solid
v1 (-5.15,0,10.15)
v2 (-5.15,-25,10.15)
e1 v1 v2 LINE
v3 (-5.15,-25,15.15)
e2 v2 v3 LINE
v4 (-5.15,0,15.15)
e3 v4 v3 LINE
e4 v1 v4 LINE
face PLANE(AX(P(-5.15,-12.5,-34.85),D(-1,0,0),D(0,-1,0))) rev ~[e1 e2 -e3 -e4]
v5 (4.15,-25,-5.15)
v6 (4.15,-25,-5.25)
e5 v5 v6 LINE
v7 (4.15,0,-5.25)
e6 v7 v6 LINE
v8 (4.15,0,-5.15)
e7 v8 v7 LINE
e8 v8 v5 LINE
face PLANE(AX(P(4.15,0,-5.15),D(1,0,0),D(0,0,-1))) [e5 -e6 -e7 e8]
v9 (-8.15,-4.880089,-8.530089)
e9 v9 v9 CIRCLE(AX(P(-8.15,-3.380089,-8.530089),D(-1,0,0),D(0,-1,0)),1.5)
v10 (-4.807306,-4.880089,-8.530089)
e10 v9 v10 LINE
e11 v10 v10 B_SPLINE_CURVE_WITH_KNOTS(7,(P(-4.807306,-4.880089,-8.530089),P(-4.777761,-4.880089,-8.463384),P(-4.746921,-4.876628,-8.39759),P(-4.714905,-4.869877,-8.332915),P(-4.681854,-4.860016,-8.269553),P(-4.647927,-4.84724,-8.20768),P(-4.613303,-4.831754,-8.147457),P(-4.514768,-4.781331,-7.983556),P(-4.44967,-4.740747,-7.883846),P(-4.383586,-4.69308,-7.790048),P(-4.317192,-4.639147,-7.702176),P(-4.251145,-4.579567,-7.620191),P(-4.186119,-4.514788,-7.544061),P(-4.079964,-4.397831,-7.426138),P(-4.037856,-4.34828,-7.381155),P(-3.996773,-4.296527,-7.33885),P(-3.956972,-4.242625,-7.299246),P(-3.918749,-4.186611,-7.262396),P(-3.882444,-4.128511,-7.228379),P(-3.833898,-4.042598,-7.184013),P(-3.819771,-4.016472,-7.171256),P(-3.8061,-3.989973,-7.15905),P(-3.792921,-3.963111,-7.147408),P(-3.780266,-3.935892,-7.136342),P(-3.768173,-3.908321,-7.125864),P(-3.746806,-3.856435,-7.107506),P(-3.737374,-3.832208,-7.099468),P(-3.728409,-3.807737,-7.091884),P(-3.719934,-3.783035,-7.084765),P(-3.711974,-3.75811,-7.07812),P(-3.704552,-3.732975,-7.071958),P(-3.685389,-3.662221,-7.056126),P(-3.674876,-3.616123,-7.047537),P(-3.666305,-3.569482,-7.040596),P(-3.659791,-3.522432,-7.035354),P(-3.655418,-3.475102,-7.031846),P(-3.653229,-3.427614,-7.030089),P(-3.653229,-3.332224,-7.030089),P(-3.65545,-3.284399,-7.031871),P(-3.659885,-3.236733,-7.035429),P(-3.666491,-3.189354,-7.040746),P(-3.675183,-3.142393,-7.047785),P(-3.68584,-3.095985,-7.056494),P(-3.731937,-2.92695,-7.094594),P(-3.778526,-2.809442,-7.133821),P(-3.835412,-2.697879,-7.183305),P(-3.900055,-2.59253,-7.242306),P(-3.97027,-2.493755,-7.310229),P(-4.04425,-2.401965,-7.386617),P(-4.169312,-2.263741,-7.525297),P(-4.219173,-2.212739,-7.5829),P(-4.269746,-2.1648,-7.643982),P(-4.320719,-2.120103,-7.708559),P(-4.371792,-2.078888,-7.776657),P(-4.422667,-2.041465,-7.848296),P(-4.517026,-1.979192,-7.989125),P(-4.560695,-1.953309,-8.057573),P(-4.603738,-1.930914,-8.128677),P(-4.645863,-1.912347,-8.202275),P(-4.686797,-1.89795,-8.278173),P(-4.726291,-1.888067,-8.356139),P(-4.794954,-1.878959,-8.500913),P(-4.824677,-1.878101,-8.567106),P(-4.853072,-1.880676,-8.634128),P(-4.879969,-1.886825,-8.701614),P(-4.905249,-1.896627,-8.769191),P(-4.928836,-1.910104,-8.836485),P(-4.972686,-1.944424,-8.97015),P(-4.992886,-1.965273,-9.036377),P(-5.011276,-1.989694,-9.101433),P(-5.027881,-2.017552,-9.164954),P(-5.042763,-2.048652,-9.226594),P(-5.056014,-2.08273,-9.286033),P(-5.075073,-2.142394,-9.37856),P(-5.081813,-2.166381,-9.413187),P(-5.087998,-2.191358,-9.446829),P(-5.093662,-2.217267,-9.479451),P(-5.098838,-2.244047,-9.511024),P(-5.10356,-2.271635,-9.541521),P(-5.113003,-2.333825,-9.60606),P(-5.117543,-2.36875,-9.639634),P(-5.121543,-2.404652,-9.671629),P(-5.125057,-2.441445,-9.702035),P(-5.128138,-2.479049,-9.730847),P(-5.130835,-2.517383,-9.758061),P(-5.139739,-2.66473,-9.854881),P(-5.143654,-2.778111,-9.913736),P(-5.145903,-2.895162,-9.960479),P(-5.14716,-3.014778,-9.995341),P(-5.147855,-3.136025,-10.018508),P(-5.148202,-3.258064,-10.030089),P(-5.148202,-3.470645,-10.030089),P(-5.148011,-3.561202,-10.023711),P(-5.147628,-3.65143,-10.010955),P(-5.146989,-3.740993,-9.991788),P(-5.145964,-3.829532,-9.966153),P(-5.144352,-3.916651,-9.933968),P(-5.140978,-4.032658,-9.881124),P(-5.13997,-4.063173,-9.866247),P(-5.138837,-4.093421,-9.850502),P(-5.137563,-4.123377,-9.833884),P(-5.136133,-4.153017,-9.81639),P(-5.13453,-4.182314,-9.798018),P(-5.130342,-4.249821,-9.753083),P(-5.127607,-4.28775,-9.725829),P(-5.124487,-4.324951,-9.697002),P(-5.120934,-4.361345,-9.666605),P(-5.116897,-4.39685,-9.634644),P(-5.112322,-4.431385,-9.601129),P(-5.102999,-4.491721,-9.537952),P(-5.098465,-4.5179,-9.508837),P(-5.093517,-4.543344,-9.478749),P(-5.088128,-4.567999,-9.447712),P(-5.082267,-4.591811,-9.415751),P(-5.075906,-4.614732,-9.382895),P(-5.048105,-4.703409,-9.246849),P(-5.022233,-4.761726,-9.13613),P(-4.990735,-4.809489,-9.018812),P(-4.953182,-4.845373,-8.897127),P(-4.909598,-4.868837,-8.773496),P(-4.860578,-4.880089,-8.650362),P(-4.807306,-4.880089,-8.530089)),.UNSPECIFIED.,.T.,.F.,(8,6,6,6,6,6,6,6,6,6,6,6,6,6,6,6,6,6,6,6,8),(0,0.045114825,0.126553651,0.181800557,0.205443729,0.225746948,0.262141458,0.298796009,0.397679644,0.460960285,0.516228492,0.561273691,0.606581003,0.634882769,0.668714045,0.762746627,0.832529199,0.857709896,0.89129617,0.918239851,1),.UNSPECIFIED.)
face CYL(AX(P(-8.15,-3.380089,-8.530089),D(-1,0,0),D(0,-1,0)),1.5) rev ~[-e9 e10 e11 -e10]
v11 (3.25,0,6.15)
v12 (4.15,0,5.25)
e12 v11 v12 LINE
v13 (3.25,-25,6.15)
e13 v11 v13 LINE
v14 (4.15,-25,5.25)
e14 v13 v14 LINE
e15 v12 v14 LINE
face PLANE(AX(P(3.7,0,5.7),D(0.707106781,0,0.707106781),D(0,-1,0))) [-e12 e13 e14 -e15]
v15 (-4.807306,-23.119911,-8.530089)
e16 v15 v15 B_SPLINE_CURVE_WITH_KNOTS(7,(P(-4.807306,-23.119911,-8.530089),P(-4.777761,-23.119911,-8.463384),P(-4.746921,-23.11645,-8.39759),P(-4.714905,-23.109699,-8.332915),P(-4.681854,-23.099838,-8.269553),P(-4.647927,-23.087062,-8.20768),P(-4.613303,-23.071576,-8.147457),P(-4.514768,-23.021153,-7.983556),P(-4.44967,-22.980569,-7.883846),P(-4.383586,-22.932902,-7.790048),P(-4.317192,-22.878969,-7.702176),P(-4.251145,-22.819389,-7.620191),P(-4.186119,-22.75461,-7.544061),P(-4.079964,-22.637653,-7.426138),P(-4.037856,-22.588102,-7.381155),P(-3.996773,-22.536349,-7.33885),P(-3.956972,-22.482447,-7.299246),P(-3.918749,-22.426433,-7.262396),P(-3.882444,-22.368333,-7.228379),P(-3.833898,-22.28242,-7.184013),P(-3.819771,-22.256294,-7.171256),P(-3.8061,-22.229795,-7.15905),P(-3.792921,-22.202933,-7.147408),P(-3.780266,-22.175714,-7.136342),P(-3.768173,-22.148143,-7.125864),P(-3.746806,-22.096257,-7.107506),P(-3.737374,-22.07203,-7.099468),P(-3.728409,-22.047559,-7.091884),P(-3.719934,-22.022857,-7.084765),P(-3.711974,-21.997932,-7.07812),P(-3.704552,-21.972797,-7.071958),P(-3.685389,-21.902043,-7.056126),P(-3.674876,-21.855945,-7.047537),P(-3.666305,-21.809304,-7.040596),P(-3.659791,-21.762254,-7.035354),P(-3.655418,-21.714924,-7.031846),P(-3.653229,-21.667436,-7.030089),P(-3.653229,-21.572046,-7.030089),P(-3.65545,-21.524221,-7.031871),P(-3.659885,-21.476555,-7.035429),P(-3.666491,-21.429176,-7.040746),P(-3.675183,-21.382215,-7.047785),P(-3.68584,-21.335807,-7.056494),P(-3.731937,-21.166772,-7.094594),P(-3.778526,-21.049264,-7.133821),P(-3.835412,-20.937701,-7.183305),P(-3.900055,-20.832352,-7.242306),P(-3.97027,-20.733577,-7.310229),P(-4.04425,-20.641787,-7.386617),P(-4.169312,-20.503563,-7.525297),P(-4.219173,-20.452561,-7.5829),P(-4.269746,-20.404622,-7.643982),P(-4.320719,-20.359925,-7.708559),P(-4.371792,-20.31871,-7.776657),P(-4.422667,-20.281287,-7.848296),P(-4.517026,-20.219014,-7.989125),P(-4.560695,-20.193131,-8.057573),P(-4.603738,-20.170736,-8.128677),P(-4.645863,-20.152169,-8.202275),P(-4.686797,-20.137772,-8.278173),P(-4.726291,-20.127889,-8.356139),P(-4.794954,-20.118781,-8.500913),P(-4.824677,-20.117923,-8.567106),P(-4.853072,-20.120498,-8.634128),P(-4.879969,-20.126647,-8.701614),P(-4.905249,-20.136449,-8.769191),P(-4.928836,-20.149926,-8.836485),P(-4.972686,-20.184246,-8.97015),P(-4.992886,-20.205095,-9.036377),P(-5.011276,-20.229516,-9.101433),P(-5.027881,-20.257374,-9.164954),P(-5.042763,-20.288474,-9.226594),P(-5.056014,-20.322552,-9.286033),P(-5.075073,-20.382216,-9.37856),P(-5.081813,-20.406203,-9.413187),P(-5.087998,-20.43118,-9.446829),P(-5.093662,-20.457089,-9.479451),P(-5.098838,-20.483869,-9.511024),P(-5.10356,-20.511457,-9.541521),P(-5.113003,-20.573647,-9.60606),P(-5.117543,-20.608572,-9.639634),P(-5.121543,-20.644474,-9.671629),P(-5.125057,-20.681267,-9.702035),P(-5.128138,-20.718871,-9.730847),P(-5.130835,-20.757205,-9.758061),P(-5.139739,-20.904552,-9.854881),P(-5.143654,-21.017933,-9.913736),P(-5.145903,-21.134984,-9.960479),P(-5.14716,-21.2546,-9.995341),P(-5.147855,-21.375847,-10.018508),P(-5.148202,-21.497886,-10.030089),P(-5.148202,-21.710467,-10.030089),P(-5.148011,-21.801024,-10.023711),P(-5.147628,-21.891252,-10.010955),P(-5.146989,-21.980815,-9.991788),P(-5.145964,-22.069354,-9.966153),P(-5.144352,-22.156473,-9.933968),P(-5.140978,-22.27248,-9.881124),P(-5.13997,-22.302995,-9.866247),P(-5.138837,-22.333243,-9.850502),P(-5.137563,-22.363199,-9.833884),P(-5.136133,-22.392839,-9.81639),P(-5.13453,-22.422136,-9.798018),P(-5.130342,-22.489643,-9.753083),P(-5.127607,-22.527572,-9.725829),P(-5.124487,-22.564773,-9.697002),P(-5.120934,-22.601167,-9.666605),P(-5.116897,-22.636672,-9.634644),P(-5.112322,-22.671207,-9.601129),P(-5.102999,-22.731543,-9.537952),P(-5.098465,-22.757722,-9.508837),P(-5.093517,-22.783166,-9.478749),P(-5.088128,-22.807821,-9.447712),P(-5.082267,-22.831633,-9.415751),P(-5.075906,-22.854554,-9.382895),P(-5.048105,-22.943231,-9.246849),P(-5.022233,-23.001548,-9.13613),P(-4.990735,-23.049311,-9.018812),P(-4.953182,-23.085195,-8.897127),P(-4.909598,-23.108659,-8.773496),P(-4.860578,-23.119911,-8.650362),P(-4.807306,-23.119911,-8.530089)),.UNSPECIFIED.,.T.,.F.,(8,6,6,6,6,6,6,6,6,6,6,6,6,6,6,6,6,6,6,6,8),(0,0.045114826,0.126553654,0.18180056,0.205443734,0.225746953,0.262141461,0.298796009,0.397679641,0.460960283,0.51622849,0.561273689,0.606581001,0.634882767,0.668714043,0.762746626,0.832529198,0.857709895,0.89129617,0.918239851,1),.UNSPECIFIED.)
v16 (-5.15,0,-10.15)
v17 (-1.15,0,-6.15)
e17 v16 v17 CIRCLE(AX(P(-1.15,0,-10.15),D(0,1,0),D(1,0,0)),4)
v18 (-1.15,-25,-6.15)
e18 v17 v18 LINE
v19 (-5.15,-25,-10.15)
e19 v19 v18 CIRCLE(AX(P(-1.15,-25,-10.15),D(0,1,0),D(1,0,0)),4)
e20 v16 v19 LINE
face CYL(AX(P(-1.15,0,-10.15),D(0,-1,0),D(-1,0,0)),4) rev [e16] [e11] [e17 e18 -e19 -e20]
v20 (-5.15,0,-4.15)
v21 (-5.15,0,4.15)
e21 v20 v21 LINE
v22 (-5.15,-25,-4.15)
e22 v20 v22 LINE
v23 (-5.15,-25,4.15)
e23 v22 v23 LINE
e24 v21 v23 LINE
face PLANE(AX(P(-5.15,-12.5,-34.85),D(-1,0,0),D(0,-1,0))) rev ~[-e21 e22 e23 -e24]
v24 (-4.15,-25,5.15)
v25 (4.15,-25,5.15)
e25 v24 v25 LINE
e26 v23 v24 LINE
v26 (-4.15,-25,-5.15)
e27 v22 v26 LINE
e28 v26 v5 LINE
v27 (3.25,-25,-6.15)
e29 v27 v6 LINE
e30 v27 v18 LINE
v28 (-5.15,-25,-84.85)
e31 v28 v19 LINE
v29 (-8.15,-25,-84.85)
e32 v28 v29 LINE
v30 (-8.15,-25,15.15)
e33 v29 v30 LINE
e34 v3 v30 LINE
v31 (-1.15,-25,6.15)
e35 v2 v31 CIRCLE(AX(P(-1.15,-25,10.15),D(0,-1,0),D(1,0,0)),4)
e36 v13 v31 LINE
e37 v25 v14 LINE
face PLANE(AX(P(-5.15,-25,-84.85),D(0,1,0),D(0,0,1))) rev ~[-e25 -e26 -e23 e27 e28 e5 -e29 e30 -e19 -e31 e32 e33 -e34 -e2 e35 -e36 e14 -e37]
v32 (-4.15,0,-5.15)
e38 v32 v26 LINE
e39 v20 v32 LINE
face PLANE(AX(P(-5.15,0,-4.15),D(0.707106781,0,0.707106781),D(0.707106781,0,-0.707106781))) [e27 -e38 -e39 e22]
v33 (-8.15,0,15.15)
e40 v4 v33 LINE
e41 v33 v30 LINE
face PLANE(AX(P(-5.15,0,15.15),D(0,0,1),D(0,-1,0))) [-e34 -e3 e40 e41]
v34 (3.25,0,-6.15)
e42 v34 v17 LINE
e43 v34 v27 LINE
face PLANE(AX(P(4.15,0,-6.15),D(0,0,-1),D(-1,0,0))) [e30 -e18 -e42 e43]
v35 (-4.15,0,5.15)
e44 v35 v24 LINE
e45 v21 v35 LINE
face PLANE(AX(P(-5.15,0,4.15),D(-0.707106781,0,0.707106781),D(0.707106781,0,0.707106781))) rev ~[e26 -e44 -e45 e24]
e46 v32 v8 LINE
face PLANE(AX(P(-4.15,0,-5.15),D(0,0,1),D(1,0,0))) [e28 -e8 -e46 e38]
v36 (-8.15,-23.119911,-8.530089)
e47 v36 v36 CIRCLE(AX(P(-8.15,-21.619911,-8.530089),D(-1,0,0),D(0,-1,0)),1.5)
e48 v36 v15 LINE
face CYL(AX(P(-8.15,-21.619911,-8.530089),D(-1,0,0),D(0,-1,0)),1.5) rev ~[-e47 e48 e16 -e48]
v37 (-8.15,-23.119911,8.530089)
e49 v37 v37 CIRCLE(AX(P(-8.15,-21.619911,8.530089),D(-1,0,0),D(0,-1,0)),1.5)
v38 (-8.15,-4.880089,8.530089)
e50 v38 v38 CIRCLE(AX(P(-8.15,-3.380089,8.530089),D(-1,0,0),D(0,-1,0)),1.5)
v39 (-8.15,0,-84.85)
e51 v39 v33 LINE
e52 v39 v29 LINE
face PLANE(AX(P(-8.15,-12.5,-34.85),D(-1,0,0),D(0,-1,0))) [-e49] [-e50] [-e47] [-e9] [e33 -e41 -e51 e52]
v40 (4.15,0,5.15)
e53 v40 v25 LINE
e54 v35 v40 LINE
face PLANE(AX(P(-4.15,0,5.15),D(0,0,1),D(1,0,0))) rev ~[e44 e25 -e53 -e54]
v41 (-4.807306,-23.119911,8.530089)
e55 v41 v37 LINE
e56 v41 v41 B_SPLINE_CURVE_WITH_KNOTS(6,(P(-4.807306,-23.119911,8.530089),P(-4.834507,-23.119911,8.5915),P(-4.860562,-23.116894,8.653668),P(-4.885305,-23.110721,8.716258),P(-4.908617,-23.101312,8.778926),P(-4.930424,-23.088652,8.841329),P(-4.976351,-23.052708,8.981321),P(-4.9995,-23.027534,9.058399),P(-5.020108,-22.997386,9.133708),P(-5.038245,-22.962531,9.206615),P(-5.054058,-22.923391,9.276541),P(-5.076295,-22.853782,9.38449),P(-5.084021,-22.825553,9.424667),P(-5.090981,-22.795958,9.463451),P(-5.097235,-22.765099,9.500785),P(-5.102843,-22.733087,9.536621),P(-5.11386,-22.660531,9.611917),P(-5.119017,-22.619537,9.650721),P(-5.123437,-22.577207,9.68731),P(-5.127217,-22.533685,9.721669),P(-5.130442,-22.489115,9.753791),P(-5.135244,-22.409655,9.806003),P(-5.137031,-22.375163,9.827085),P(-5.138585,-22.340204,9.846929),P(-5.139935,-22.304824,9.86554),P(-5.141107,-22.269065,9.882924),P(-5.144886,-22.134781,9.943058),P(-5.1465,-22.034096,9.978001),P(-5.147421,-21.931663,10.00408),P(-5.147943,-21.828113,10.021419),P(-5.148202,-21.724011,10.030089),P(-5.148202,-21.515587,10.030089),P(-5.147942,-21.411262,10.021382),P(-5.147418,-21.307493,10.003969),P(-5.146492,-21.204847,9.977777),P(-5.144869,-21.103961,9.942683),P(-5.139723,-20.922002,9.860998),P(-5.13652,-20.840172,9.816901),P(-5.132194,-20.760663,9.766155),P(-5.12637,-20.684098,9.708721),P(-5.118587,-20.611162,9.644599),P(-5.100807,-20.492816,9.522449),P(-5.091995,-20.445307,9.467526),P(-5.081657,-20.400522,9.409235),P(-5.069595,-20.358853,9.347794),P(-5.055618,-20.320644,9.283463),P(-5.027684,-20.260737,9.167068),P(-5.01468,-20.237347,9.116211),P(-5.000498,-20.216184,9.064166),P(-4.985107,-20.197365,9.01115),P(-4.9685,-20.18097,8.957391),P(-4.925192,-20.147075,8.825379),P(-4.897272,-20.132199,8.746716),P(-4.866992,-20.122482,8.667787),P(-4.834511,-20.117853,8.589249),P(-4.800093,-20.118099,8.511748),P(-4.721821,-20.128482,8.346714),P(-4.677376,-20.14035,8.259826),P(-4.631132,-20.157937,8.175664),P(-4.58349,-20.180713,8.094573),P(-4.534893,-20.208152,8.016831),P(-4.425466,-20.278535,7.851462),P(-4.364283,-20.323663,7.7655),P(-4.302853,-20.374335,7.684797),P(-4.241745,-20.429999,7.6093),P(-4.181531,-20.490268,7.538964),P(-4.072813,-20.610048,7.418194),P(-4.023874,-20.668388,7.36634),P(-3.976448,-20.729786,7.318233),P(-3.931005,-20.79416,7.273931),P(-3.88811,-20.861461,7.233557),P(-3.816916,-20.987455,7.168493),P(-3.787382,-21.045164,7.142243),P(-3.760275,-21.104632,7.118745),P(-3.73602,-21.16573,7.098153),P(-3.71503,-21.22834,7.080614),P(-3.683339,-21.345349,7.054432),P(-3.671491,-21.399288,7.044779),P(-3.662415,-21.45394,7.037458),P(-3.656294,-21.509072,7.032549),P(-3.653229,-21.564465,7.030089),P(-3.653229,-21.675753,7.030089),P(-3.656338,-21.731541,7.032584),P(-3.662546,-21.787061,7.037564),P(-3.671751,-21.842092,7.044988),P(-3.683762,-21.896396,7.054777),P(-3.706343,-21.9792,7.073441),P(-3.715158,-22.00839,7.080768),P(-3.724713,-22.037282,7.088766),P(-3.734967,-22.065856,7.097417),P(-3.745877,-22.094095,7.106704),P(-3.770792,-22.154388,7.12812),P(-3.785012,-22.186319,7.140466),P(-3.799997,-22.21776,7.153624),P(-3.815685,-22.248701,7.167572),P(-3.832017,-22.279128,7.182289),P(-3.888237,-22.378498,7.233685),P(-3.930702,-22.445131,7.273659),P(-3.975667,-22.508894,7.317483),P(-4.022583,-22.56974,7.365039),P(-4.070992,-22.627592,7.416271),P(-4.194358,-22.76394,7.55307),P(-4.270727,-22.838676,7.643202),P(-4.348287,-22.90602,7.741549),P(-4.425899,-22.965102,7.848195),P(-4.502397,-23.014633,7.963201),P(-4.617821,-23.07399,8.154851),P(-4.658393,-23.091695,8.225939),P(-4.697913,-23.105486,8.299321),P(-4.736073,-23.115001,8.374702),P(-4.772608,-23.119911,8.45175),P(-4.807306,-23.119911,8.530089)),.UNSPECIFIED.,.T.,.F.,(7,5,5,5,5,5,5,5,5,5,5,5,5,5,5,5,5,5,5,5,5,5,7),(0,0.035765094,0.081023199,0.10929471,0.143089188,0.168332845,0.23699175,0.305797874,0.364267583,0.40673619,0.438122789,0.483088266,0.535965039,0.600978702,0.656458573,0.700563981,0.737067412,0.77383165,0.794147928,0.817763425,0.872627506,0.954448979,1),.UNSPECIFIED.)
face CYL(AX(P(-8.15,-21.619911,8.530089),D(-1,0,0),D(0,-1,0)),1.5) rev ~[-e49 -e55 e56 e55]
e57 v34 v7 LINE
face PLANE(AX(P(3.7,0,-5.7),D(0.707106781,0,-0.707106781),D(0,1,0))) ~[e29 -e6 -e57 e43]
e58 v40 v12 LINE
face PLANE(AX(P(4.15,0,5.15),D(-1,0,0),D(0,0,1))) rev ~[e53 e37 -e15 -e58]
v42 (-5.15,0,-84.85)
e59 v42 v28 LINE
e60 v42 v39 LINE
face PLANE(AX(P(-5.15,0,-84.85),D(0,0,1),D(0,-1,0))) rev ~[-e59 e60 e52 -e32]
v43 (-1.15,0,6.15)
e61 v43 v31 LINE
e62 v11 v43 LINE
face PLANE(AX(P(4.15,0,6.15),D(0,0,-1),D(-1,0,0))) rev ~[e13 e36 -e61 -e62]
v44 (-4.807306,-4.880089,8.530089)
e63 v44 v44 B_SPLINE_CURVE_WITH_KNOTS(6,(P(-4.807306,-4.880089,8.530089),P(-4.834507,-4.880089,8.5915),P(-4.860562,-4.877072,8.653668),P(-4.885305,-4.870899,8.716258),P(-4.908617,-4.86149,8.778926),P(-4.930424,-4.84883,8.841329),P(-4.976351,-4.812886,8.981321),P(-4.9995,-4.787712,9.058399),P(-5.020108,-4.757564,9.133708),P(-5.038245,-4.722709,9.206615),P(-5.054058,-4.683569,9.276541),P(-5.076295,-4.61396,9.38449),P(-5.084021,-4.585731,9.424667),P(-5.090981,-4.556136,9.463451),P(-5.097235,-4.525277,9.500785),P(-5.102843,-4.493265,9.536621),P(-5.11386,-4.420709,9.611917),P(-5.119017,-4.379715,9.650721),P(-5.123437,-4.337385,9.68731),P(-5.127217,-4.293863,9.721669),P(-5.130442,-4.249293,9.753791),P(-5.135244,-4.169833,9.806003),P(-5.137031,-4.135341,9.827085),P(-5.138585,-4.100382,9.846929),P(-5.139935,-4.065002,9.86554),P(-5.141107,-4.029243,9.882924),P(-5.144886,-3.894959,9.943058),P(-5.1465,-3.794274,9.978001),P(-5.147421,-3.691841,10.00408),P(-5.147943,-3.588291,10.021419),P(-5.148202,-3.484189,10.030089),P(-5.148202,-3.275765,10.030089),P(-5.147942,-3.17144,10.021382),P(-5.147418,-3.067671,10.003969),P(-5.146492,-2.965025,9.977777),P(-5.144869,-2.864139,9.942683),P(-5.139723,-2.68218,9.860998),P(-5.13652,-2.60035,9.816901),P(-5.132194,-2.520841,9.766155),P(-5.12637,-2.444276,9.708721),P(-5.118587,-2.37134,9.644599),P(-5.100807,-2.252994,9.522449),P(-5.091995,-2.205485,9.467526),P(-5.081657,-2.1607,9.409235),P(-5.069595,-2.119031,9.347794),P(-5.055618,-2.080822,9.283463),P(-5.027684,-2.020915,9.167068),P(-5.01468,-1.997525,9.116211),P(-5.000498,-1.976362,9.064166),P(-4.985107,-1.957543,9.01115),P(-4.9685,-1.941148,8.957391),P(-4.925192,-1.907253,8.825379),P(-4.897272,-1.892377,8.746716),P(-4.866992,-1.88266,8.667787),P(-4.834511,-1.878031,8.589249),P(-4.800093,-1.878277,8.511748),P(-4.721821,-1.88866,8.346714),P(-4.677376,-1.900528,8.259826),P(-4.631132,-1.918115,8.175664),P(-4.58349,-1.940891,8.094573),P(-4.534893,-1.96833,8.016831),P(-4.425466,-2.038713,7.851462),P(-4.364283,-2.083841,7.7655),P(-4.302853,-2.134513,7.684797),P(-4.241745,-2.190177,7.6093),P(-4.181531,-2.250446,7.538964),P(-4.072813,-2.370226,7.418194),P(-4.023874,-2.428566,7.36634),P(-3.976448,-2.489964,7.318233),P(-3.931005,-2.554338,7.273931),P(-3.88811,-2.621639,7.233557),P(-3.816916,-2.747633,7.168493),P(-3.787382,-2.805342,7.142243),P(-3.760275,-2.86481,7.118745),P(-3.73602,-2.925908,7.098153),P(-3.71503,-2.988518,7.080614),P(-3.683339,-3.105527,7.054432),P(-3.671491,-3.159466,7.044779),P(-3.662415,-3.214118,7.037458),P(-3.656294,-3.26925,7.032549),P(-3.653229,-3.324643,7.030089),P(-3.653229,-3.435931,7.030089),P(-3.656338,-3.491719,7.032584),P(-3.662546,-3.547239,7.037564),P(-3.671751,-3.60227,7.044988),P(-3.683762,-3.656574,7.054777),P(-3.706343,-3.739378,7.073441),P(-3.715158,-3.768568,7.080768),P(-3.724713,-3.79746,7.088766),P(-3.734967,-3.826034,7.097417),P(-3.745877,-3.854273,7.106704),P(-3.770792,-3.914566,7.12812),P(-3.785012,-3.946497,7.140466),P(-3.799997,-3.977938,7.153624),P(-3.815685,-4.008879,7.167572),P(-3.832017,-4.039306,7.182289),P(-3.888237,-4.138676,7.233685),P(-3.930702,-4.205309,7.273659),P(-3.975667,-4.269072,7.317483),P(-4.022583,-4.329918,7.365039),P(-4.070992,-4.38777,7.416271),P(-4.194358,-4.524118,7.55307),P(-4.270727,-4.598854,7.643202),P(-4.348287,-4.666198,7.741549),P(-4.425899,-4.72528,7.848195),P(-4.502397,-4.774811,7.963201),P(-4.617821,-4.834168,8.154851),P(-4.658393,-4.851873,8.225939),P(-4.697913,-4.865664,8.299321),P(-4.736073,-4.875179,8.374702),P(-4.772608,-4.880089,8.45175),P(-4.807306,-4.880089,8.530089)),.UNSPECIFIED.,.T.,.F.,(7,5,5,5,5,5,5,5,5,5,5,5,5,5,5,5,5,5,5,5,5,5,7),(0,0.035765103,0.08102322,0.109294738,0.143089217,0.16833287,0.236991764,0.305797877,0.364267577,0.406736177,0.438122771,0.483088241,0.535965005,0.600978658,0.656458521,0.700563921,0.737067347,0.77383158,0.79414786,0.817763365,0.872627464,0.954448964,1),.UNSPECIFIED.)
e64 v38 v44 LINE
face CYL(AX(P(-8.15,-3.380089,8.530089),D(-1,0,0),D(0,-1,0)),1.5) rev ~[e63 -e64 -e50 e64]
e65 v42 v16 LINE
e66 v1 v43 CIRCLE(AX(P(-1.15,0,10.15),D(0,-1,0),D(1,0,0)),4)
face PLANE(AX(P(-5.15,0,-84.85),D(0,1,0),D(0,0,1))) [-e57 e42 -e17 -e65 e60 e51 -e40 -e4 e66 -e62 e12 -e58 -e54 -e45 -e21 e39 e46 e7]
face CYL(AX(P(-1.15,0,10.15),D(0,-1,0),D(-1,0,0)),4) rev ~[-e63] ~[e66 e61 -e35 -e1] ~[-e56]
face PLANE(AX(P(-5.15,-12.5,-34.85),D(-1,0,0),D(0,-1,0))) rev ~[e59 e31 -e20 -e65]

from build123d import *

# Parameters (mm, degrees)
SKETCH005_R                               = 1.5
EXTRUDE003_DEPTH                          = 20
SKETCH_W                                  = 25
SKETCH_H                                  = 100
EXTRUDE001_DEPTH                          = 3
EXTRUDE002_DEPTH                          = 25
EXTRUDE002_ONTO_SKETCH004_ROLL_ANGLE      = 90
EXTRUDE002_ONTO_SKETCH004_PLACEMENT_ANGLE = 180
FILLET_R                                  = 4
CHAMFER001_SIZE                           = 0.9


with BuildPart() as extrude003:
    # Sketch005 (on Face12 of Chamfer001) → Extrude003 (new body, symmetric)
    with BuildSketch(Plane(origin=(-8.15, 0, 0), x_dir=(0, -1, 0), z_dir=(-1, 0, 0))):
        with Locations((3.380089, 8.530089)):
            Circle(SKETCH005_R)
        with Locations((21.619911, -8.530089)):
            Circle(SKETCH005_R)
        with Locations((3.380089, -8.530089)):
            Circle(SKETCH005_R)
        with Locations((21.619911, 8.530089)):
            Circle(SKETCH005_R)
    extrude(amount=EXTRUDE003_DEPTH, both=True)


with BuildPart() as extrude001:
    # Sketch (on Face6 of Chamfer) → Extrude001 (new body)
    with BuildSketch(Plane(origin=(-5.15, 0, 0), x_dir=(0, -1, 0), z_dir=(-1, 0, 0))):
        with Locations((12.5, -34.85)):
            Rectangle(SKETCH_W, SKETCH_H)
    extrude(amount=EXTRUDE001_DEPTH)


with BuildPart() as cut:
    # Sketch004 as drawn → Extrude002 (new)
    with BuildSketch(Plane.XY):
        Polygon((5.15, 4.15), (4.15, 5.15), (-4.15, 5.15), (-4.15, 6.15), (5.15, 6.15), align=None)
        Polygon((5.15, -4.15), (4.15, -5.15), (-4.15, -5.15), (-4.15, -6.15), (5.15, -6.15), align=None)
    extrude(amount=-EXTRUDE002_DEPTH)


with BuildPart() as cut_1:
    # Extrude002 onto Sketch004 roll: moved
    add(cut.part.rotate(Axis((0, 0, 0), (1, 0, 0)), EXTRUDE002_ONTO_SKETCH004_ROLL_ANGLE))


with BuildPart() as cut_2:
    # Extrude002 onto Sketch004 placement: moved
    add(cut_1.part.rotate(Axis((0, 0, 0), (0, 0, 1)), EXTRUDE002_ONTO_SKETCH004_PLACEMENT_ANGLE))

    # Fusion: union Extrude001
    add(extrude001.part)

    # Fillet
    fillet_edges = [cut_2.edges().sort_by_distance(p)[0] for p in [
        (-5.15, -12.5, 6.15),
        (-5.15, -12.5, -6.15),
    ]]
    fillet(fillet_edges, radius=FILLET_R)

    # Chamfer001
    chamfer001_edges = [cut_2.edges().sort_by_distance(p)[0] for p in [
        (4.15, -12.5, -6.15),
        (4.15, -12.5, 6.15),
    ]]
    chamfer(chamfer001_edges, length=CHAMFER001_SIZE)

    # Cut: cut Extrude003
    add(extrude003.part, mode=Mode.SUBTRACT)


solid = cut_2.part
